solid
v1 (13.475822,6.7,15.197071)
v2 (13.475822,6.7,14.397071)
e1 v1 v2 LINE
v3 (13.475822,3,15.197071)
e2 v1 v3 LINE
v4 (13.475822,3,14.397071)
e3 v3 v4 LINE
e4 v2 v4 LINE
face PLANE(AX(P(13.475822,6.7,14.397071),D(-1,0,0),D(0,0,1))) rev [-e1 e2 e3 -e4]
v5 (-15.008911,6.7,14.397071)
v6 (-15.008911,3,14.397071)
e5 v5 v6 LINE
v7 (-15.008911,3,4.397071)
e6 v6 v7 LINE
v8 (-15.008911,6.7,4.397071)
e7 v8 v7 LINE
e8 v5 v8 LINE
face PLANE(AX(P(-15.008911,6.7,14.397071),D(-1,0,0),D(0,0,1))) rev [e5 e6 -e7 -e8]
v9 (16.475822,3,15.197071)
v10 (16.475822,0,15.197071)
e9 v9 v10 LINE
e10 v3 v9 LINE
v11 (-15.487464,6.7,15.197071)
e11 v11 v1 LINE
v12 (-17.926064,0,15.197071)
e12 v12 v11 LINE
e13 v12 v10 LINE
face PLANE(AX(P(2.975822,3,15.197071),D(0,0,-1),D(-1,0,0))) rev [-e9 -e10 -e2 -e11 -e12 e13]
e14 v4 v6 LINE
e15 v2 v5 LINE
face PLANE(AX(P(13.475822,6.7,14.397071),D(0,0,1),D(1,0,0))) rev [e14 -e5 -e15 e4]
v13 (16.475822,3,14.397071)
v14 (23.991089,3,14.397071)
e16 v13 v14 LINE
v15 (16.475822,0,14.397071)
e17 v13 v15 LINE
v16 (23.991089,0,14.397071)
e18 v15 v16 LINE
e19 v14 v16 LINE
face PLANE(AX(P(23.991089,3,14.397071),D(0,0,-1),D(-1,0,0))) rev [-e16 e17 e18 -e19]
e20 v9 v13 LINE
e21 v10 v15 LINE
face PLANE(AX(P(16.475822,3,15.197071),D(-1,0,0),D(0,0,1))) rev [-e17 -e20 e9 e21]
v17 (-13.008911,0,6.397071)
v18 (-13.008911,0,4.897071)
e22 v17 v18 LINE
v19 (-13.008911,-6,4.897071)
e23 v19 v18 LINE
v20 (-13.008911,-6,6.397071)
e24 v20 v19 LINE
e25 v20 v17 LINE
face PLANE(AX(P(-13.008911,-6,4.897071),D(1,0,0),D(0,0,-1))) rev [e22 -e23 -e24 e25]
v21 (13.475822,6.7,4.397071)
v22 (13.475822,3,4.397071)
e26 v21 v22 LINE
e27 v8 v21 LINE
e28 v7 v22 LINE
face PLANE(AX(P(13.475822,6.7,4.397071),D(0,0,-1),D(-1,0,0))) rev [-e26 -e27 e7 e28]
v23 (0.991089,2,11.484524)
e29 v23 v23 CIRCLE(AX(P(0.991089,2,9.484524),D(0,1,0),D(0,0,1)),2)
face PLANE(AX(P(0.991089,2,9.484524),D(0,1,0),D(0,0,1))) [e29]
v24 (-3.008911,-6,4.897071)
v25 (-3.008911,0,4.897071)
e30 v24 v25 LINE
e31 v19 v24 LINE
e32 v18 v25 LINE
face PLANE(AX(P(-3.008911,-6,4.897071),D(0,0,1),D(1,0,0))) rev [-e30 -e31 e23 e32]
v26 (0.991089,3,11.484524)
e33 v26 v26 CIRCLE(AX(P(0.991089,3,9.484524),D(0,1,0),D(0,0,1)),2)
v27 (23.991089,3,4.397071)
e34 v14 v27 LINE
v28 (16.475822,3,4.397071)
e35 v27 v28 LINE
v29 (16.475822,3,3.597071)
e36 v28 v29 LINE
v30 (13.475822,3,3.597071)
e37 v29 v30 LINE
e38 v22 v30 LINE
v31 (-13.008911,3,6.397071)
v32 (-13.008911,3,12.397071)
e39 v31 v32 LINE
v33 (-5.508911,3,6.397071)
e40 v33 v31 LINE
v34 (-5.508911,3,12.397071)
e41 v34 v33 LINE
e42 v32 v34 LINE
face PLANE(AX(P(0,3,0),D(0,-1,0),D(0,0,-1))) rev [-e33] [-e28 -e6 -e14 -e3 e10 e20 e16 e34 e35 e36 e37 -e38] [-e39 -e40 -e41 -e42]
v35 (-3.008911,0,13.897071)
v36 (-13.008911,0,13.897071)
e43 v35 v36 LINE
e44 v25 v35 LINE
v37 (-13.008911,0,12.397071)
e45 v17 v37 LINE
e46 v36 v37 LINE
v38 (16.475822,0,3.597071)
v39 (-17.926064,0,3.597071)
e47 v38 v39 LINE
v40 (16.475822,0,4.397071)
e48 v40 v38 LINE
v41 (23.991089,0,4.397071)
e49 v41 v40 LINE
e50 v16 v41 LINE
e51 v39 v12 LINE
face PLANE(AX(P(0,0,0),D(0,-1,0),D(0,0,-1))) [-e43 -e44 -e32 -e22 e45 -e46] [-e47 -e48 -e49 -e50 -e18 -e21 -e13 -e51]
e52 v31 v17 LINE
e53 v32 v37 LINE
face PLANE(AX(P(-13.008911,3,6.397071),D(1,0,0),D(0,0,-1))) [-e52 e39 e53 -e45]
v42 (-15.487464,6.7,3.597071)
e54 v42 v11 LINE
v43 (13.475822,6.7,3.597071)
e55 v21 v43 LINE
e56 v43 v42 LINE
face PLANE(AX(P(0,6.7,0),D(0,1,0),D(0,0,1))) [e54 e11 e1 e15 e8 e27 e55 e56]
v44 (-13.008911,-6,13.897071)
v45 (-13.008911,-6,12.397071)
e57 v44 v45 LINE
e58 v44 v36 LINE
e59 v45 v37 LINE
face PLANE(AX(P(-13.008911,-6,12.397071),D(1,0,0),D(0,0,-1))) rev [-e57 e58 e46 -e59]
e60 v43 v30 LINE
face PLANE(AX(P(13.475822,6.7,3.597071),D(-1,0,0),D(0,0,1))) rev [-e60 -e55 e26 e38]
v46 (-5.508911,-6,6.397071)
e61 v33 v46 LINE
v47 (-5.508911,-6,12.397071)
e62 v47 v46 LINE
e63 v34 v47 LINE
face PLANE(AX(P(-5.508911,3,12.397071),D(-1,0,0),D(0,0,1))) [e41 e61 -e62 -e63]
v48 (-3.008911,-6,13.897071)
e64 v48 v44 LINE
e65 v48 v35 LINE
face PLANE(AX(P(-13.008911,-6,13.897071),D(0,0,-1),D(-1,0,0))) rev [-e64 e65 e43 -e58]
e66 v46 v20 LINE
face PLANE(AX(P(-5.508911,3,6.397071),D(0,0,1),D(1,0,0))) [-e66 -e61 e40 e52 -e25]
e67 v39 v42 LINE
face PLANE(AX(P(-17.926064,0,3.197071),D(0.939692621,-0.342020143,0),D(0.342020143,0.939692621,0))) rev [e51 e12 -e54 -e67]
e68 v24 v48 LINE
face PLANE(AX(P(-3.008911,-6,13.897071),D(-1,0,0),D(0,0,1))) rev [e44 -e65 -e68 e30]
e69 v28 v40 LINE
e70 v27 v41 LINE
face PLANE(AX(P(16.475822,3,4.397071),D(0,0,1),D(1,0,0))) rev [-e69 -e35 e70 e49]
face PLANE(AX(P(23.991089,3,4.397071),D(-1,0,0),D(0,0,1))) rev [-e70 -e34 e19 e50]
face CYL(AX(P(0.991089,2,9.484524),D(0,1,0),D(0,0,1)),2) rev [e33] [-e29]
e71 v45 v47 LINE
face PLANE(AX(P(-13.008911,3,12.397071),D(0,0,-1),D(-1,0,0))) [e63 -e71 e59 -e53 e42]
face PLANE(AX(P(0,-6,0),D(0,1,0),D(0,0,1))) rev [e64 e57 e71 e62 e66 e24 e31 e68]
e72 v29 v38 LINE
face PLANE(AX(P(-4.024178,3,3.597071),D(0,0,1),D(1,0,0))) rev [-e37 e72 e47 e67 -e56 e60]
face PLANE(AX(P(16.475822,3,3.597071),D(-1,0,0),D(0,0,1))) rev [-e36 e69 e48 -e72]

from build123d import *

# Parameters (mm, degrees)
SKETCH_1_W          = 7.5
SKETCH_1_H          = 6
EXTRUDE_1_DEPTH     = 3
EXTRUDE_2_DEPTH     = 6
SKETCH_3_R          = 2
CUT_EXTRUDE_1_DEPTH = 1
EXTRUDE_3_DEPTH     = 3.7
EXTRUDE_4_DEPTH     = 11.6
CUT_EXTRUDE_2_DEPTH = 12


with BuildPart() as part:
    # 草图1 → 凸台-拉伸1 (new body)
    with BuildSketch(Plane(origin=(0, 0, 0), x_dir=(1, 0, 0), z_dir=(0, 1, 0))):
        Polygon((23.991089217, -4.397070764), (23.991089217, -14.397070764), (16.47582205, -14.397070764), (16.47582205, -15.197070764), (2.97582205, -15.197070764), (-4.02417795, -15.197070764), (-16.008910783, -15.197070764), (-16.008910783, -3.597070764), (-4.02417795, -3.597070764), (2.97582205, -3.597070764), (16.47582205, -3.597070764), (16.47582205, -4.397070764), align=None)
        with Locations((-9.258910783, -9.397070764)):
            Rectangle(SKETCH_1_W, SKETCH_1_H, mode=Mode.SUBTRACT)
    extrude(amount=EXTRUDE_1_DEPTH)

    # 草图2 → 凸台-拉伸2 (add)
    with BuildSketch(Plane.XZ):
        Polygon((-13.008910783, 12.397070764), (-13.008910783, 13.897070764), (-3.008910783, 13.897070764), (-3.008910783, 4.897070764), (-13.008910783, 4.897070764), (-13.008910783, 6.397070764), (-5.508910783, 6.397070764), (-5.508910783, 12.397070764), align=None)
    extrude(amount=EXTRUDE_2_DEPTH)

    # 草图3 → 切除-拉伸1 (cut)
    with BuildSketch(Plane(origin=(0, 3, 0), x_dir=(1, 0, 0), z_dir=(0, 1, 0))):
        with Locations(Location((0.991089217, -9.484524381, 0), (0, 0, 270))):
            Circle(SKETCH_3_R)
    extrude(amount=-CUT_EXTRUDE_1_DEPTH, mode=Mode.SUBTRACT)

    # 草图4 → 凸台-拉伸3 (add)
    with BuildSketch(Plane(origin=(0, 3, 0), x_dir=(1, 0, 0), z_dir=(0, 1, 0))):
        Polygon((-16.008910783, -3.597070764), (13.47582205, -3.597070764), (13.47582205, -4.397070764), (-15.008910783, -4.397070764), (-15.008910783, -14.397070764), (13.47582205, -14.397070764), (13.47582205, -15.197070764), (-16.008910783, -15.197070764), align=None)
    extrude(amount=EXTRUDE_3_DEPTH)

    # 草图7 → 凸台-拉伸4 (add)
    with BuildSketch(Plane.XY.offset(15.197070764)):
        Polygon((-16.008910783, 0), (-16.008910783, 6.7), (-18.447511353, 0), align=None)
    extrude(amount=-EXTRUDE_4_DEPTH)

    # 草图8 → 切除-拉伸2 (cut)
    with BuildSketch(Plane.XY.offset(15.197070764)):
        Polygon((-16.008910783, 6.7), (-18.447511353, 0), (-17.926064244, 0), (-15.487463675, 6.7), align=None)
    extrude(amount=-CUT_EXTRUDE_2_DEPTH, mode=Mode.SUBTRACT)


solid = part.part
